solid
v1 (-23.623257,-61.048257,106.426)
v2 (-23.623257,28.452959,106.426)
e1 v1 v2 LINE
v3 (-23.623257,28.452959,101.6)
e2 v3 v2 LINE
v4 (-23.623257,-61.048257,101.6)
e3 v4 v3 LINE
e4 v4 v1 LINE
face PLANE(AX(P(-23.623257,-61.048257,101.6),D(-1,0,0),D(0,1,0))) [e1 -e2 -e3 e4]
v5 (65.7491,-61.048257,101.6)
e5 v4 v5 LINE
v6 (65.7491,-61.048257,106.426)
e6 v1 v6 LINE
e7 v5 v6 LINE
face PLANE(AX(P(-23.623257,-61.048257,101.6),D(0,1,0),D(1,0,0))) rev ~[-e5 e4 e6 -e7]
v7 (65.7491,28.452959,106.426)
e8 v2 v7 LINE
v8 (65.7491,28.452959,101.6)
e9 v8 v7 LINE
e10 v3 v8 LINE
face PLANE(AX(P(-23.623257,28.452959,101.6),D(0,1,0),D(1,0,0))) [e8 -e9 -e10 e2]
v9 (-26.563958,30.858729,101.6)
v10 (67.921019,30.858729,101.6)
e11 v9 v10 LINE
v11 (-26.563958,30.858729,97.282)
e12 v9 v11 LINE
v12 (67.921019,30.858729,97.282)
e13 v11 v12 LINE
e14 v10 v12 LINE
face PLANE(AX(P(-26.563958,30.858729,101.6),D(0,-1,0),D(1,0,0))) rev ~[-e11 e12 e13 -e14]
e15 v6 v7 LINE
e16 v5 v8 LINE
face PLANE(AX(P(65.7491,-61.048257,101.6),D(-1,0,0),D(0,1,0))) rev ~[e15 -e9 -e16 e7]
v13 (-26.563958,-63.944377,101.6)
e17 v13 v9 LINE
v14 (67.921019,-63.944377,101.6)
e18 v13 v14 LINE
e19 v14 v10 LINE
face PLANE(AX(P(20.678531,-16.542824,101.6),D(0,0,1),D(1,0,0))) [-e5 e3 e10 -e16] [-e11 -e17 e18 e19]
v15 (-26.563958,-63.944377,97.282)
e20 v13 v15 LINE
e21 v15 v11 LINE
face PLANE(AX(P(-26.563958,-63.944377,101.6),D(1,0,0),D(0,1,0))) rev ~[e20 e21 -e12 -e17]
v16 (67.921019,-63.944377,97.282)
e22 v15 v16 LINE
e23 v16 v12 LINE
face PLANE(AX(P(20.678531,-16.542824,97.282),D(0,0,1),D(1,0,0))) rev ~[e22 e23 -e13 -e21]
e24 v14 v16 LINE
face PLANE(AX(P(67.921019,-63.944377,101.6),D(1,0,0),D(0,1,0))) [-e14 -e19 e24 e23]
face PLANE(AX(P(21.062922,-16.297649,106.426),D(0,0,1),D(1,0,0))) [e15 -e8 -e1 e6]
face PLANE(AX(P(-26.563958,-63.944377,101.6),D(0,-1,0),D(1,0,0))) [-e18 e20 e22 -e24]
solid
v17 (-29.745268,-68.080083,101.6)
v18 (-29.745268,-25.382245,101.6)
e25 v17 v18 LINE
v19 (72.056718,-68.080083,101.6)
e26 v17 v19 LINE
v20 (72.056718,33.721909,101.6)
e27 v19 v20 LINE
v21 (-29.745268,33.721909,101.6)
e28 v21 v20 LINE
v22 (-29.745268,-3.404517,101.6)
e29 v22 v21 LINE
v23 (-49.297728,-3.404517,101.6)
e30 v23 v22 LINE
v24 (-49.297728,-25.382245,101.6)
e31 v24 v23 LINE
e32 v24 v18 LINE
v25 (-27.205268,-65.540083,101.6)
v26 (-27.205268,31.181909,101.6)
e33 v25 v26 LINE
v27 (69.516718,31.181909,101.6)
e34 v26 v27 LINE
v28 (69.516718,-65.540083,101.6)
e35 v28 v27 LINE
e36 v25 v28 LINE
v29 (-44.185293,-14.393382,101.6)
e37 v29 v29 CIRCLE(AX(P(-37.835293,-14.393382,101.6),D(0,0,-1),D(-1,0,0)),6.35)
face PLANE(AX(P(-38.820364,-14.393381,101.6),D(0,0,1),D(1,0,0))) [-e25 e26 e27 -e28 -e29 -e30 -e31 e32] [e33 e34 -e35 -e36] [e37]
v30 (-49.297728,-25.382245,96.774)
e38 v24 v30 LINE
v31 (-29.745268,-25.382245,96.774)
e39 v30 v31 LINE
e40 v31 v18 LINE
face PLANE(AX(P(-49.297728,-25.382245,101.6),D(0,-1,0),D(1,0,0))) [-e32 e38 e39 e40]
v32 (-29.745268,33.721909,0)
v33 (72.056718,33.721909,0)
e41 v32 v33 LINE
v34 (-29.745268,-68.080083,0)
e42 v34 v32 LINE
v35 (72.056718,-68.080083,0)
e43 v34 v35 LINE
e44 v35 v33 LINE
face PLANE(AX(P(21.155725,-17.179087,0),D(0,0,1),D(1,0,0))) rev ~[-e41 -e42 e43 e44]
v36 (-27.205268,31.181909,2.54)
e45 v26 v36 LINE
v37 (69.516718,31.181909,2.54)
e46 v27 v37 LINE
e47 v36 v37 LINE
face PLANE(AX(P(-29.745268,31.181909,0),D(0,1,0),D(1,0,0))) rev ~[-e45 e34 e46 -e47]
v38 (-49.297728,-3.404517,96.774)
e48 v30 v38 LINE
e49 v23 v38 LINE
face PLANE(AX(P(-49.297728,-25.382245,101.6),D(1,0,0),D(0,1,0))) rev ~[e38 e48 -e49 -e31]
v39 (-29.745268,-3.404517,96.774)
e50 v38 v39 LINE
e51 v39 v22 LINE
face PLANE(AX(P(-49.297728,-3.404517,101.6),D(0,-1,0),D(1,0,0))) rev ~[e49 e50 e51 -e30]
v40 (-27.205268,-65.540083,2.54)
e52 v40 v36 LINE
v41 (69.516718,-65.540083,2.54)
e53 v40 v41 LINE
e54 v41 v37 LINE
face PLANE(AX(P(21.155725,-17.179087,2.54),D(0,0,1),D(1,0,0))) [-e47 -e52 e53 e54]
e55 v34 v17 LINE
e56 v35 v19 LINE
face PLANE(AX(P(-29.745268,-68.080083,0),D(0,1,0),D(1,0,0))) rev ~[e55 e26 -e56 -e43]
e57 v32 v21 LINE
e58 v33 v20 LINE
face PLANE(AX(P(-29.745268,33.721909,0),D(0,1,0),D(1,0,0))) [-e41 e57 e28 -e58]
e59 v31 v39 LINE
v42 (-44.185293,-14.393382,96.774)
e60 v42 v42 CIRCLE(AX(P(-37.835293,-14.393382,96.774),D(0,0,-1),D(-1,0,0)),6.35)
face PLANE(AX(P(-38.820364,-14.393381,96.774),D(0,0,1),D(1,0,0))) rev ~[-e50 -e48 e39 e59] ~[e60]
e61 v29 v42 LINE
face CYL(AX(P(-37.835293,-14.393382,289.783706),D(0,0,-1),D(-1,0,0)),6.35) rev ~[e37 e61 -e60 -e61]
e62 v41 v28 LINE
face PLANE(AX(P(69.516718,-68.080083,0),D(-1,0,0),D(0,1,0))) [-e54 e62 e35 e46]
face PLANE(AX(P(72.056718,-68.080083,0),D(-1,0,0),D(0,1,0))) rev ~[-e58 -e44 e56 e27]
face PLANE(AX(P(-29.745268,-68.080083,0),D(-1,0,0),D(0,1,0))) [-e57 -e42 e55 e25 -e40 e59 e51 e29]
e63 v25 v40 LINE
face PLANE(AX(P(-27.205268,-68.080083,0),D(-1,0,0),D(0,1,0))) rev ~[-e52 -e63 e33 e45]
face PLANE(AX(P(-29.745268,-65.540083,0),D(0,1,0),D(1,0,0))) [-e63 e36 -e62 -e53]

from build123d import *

# Parameters (mm, degrees)
F0_W     = 101.801986
F0_H     = 101.801992
F1_DEPTH = 101.6
F2_T     = -2.54
F3_W     = 94.484977
F3_H     = 94.803106
F4_DEPTH = 4.318
F5_W     = 89.372357
F5_H     = 89.501217
F6_DEPTH = 4.826
F7_W     = 20.954728
F7_H     = 21.977729
F8_DEPTH = 4.826
F9_D     = 12.7


with BuildPart() as f1:
    # F0 (on Top) → F1 (new body)
    with BuildSketch(Plane.XY):
        with Locations((21.155725, -17.179087)):
            Rectangle(F0_W, F0_H)
    extrude(amount=F1_DEPTH)

    # F2
    f2_openings = [f1.faces().sort_by_distance(p)[0] for p in [
        (21.155725, -17.179087, 101.6),
    ]]
    offset(amount=F2_T, openings=f2_openings)

    # F7 (on face) → F8 (join)
    with BuildSketch(Plane.XY.offset(101.6)):
        with Locations((-38.820364, -14.393381)):
            Rectangle(F7_W, F7_H)
    extrude(amount=-F8_DEPTH)

    # F9 (through all)
    with Locations(Plane.XY.offset(101.6)):
        with Locations((-37.835293, -14.393382)):
            Hole(F9_D / 2)


with BuildPart() as f4:
    # F3 (on face) → F4 (new body)
    with BuildSketch(Plane.XY.offset(101.6)):
        with Locations((20.678531, -16.542824)):
            Rectangle(F3_W, F3_H)
    extrude(amount=-F4_DEPTH)

    # F5 (on face) → F6 (join)
    with BuildSketch(Plane.XY.offset(101.6)):
        with Locations((21.062922, -16.297649)):
            Rectangle(F5_W, F5_H)
    extrude(amount=F6_DEPTH)


solid = Compound([f1.part, f4.part])
